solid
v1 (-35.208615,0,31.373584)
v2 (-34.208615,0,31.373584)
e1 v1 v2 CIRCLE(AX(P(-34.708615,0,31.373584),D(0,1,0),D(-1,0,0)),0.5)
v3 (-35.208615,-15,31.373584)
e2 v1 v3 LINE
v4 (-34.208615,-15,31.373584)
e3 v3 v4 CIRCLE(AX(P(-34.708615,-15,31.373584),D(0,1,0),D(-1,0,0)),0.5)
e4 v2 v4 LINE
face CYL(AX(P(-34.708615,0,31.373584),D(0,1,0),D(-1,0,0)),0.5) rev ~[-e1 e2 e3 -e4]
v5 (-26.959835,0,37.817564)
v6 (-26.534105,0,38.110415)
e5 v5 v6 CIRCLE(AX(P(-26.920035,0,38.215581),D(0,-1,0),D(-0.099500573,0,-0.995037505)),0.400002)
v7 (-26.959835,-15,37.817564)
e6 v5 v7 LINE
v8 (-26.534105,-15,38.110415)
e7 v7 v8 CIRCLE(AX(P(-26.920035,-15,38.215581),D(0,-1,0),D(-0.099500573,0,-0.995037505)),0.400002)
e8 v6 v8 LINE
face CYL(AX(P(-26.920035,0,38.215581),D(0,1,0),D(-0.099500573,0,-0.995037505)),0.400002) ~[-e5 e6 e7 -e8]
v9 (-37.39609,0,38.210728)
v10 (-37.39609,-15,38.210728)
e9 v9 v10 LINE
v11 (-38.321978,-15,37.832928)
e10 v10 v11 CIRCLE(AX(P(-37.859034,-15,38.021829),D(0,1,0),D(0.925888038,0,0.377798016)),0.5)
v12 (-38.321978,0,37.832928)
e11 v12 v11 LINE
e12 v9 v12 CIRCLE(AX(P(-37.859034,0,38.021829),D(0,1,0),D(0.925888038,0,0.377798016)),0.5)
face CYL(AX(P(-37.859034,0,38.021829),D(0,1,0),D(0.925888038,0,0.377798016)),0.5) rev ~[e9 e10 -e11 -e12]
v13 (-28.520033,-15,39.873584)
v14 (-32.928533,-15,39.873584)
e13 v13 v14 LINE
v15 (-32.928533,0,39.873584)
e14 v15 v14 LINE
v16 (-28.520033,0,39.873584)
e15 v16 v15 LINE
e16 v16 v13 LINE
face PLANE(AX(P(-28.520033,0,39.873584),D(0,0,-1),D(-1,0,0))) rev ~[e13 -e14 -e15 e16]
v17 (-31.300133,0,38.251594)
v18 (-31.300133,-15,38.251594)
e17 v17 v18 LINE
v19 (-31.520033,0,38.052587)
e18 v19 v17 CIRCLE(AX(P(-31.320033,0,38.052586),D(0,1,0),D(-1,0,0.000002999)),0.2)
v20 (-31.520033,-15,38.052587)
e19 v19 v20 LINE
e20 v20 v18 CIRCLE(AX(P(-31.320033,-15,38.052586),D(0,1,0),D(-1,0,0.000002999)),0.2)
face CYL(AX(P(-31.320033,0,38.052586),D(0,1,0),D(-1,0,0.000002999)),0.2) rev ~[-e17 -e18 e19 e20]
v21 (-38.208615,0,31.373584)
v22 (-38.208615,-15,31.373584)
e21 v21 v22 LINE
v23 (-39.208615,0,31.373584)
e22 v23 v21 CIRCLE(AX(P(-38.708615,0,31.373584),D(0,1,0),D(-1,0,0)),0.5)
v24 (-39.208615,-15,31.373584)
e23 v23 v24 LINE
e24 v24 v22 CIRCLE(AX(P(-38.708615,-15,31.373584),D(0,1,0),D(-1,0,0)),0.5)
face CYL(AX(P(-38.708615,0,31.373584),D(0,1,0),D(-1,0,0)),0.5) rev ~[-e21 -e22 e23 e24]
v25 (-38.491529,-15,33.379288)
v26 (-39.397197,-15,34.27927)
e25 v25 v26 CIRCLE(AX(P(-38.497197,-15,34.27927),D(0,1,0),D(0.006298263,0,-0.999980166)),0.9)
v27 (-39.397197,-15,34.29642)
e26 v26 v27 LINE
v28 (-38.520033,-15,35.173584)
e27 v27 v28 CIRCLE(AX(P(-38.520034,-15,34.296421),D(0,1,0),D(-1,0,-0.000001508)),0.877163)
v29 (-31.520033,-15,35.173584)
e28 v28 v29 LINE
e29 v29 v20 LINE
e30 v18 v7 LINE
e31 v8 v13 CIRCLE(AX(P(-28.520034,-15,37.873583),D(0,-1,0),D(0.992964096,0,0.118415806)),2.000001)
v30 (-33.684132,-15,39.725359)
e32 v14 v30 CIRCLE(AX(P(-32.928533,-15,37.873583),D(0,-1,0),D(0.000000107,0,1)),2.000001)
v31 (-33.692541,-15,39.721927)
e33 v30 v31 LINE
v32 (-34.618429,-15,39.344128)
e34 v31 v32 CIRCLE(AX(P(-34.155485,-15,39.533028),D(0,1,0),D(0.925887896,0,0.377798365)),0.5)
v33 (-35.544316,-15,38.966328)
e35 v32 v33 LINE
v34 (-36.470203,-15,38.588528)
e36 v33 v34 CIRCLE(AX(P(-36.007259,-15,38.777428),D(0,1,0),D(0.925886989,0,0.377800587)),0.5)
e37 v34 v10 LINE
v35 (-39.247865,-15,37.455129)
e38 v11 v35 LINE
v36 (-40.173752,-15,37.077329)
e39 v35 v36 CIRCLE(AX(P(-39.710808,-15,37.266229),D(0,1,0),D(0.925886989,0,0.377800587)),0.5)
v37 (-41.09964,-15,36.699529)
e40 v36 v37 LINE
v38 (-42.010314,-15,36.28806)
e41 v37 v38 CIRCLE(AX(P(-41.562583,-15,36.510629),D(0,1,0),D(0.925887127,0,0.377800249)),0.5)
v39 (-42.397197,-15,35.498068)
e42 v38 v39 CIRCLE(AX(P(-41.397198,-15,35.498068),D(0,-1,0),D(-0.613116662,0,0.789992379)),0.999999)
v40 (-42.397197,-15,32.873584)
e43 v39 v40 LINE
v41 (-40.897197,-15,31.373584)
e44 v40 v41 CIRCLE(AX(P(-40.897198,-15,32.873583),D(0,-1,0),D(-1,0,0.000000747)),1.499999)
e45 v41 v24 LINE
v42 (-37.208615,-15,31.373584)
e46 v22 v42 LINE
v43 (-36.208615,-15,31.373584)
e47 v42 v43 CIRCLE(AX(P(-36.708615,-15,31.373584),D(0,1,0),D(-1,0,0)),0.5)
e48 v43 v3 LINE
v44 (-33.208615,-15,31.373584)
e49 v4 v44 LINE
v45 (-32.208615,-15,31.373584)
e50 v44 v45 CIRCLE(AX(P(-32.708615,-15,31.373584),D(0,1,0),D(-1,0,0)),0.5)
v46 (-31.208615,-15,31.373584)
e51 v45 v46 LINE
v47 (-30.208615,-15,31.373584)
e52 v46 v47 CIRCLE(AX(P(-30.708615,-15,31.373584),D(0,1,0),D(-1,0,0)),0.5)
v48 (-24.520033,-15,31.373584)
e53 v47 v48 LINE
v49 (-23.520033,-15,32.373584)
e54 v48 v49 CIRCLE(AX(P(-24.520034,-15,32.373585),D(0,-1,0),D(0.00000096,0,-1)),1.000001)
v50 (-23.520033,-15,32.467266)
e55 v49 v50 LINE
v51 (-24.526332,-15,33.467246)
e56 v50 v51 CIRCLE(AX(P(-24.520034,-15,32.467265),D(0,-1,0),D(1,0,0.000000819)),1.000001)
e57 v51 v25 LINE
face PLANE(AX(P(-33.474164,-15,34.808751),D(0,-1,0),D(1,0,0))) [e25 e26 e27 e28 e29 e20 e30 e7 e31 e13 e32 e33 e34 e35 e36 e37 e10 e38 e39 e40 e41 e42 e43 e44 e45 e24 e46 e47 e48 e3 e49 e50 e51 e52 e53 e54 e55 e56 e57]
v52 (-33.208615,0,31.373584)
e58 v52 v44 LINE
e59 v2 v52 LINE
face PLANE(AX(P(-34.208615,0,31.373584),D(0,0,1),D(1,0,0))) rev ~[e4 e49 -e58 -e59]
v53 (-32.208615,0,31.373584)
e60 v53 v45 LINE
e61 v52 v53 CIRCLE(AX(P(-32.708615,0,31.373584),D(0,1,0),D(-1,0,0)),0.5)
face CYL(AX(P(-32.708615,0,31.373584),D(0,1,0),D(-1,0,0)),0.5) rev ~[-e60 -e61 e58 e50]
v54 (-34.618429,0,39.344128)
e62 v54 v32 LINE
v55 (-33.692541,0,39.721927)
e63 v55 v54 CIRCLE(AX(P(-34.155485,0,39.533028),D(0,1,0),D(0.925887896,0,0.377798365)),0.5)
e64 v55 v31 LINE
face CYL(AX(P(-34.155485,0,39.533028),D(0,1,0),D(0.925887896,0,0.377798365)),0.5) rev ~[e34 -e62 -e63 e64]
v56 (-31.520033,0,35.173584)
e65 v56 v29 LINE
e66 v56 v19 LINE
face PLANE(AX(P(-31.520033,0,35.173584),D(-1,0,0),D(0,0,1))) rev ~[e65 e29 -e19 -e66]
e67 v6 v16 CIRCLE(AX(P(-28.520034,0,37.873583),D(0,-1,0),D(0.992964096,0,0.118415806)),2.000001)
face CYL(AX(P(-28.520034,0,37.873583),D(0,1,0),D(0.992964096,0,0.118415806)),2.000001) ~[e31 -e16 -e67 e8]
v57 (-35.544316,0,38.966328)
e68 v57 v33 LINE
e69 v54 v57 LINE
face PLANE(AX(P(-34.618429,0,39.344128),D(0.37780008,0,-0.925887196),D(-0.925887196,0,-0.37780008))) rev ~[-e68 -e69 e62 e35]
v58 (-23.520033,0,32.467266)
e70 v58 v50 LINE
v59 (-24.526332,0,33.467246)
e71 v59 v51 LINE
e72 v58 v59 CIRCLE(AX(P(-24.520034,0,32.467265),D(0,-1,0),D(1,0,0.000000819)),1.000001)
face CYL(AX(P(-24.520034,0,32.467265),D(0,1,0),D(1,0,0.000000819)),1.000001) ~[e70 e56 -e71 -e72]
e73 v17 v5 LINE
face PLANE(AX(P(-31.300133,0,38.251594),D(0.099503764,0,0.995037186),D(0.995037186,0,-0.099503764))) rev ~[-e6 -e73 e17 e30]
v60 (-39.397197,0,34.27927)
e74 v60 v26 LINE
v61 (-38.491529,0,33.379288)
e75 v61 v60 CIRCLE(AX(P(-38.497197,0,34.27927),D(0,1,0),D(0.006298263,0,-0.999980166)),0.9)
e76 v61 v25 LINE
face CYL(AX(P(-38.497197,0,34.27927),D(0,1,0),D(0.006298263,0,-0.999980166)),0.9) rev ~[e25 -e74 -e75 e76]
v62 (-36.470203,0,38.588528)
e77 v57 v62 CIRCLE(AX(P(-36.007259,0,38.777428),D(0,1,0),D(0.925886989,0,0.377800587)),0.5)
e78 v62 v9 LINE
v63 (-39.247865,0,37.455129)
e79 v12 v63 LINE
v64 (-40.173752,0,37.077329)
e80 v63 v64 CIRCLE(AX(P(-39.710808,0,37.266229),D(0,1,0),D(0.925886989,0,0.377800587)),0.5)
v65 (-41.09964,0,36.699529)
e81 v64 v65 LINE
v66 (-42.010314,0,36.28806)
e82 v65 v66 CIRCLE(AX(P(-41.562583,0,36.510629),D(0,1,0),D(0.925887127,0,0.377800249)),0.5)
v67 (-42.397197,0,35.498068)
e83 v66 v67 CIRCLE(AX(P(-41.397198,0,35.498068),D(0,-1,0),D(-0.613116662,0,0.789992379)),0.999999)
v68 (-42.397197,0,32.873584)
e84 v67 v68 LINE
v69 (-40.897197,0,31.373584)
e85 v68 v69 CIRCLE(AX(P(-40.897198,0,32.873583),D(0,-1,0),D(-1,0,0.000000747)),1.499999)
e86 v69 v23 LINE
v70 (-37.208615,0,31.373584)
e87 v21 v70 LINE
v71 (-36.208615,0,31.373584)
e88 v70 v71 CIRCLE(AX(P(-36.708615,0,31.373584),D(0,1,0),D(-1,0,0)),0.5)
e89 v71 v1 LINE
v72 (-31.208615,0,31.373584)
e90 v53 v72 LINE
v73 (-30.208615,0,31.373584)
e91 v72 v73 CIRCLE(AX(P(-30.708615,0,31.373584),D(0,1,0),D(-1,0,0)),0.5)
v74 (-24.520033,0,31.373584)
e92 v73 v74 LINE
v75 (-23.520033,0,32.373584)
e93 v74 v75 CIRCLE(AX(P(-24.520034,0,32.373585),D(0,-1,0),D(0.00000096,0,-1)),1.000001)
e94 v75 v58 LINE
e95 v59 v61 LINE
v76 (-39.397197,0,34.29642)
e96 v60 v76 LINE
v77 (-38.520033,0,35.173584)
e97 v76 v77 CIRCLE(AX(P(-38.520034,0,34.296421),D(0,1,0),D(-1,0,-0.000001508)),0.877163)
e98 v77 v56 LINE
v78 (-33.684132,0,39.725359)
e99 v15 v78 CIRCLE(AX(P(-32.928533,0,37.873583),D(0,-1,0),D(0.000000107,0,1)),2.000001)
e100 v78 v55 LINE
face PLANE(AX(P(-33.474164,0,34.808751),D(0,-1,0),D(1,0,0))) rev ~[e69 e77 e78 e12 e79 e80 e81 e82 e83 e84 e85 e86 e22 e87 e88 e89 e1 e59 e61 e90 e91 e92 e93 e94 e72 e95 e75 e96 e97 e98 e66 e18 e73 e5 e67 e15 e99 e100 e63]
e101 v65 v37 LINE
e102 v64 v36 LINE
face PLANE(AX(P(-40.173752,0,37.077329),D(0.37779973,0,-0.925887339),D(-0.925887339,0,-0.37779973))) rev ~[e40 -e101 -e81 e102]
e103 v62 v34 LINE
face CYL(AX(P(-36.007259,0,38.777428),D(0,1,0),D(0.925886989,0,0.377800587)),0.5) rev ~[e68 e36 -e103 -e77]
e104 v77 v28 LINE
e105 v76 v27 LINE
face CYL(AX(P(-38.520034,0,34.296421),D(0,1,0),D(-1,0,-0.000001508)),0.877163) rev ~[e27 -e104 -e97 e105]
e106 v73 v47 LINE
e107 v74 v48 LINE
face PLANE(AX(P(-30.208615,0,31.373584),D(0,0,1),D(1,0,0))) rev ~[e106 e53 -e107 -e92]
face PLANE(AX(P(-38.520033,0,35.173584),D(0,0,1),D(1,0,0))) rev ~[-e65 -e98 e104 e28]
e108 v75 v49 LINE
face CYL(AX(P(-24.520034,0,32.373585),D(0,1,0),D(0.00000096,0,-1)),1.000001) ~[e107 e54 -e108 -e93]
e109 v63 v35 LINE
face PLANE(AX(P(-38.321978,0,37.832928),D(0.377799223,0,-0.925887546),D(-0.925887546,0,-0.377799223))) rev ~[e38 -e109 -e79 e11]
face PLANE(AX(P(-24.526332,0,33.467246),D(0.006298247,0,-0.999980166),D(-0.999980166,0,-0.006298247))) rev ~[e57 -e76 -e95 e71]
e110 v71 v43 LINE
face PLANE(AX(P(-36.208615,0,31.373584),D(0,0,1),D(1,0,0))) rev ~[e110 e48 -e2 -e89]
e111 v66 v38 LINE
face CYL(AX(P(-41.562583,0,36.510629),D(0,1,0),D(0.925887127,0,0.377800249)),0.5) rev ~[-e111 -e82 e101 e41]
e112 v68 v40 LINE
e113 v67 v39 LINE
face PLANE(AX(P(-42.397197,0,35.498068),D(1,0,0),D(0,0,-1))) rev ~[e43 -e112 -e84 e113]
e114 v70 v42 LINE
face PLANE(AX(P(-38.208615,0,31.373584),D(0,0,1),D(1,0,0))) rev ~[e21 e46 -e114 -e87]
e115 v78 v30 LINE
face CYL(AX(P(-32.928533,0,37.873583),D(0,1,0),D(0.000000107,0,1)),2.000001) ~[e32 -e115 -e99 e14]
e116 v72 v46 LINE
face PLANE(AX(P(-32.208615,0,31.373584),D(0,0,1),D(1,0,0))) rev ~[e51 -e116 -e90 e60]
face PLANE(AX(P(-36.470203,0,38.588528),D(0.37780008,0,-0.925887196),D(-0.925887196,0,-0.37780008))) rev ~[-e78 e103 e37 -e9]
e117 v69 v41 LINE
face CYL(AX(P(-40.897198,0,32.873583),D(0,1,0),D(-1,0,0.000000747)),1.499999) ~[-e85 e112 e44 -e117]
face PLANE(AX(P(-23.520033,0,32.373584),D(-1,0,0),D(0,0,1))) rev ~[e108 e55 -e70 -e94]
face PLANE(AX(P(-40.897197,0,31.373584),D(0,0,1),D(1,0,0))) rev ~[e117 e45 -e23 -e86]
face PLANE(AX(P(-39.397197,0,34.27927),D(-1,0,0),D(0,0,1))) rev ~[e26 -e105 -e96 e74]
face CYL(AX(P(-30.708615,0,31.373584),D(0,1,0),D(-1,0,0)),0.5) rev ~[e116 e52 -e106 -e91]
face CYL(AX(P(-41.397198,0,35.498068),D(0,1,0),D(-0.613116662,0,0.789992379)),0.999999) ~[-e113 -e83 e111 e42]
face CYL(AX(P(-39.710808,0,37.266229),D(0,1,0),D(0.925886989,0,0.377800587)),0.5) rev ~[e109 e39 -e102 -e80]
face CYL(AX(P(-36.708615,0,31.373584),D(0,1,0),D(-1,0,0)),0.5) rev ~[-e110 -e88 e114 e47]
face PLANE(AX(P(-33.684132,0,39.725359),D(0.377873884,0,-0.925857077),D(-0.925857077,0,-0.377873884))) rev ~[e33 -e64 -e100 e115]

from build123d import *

# Parameters (mm, degrees)
F1_DEPTH = 15


with BuildPart() as f1:
    # F0 (on Front) → F1 (new body)
    with BuildSketch(Plane.XZ):
        with BuildLine():
            ThreePointArc((-42.397197, 32.873584), (-41.957858, 31.812924), (-40.897197, 31.373584))
            Line((-40.897197, 31.373584), (-39.208615, 31.373584))
            ThreePointArc((-39.208615, 31.373584), (-38.708615, 31.873584), (-38.208615, 31.373584))
            Line((-38.208615, 31.373584), (-37.208615, 31.373584))
            ThreePointArc((-37.208615, 31.373584), (-36.708615, 31.873584), (-36.208615, 31.373584))
            Line((-36.208615, 31.373584), (-35.208615, 31.373584))
            ThreePointArc((-35.208615, 31.373584), (-34.708615, 31.873584), (-34.208615, 31.373584))
            Line((-34.208615, 31.373584), (-33.208615, 31.373584))
            ThreePointArc((-33.208615, 31.373584), (-32.708615, 31.873584), (-32.208615, 31.373584))
            Line((-32.208615, 31.373584), (-31.208615, 31.373584))
            ThreePointArc((-31.208615, 31.373584), (-30.708615, 31.873584), (-30.208615, 31.373584))
            Line((-30.208615, 31.373584), (-24.520033, 31.373584))
            ThreePointArc((-24.520033, 31.373584), (-23.812927, 31.666477), (-23.520033, 32.373584))
            Line((-23.520033, 32.373584), (-23.520033, 32.467266))
            ThreePointArc((-23.520033, 32.467266), (-23.815157, 33.176596), (-24.526332, 33.467246))
            Line((-24.526332, 33.467246), (-38.491529, 33.379288))
            ThreePointArc((-38.491529, 33.379288), (-39.131586, 33.640873), (-39.397197, 34.27927))
            Line((-39.397197, 34.27927), (-39.397197, 34.29642))
            ThreePointArc((-39.397197, 34.29642), (-39.140282, 34.916669), (-38.520033, 35.173584))
            Line((-38.520033, 35.173584), (-31.520033, 35.173584))
            Line((-31.520033, 35.173584), (-31.520033, 38.052587))
            ThreePointArc((-31.520033, 38.052587), (-31.454234, 38.200877), (-31.300133, 38.251594))
            Line((-31.300133, 38.251594), (-26.959835, 37.817564))
            ThreePointArc((-26.959835, 37.817564), (-26.693337, 37.886021), (-26.534105, 38.110415))
            ThreePointArc((-26.534105, 38.110415), (-27.19219, 39.369188), (-28.520033, 39.873584))
            Line((-28.520033, 39.873584), (-32.928533, 39.873584))
            ThreePointArc((-32.928533, 39.873584), (-33.313533, 39.836178), (-33.684132, 39.725359))
            Line((-33.684132, 39.725359), (-33.692541, 39.721927))
            ThreePointArc((-33.692541, 39.721927), (-33.966585, 39.070084), (-34.618429, 39.344128))
            Line((-34.618429, 39.344128), (-35.544316, 38.966328))
            ThreePointArc((-35.544316, 38.966328), (-35.81836, 38.314484), (-36.470203, 38.588528))
            Line((-36.470203, 38.588528), (-37.39609, 38.210728))
            ThreePointArc((-37.39609, 38.210728), (-37.670134, 37.558885), (-38.321978, 37.832928))
            Line((-38.321978, 37.832928), (-39.247865, 37.455129))
            ThreePointArc((-39.247865, 37.455129), (-39.521909, 36.803285), (-40.173752, 37.077329))
            Line((-40.173752, 37.077329), (-41.09964, 36.699529))
            ThreePointArc((-41.09964, 36.699529), (-41.356708, 36.054981), (-42.010314, 36.28806))
            ThreePointArc((-42.010314, 36.28806), (-42.295283, 35.937888), (-42.397197, 35.498068))
            Line((-42.397197, 35.498068), (-42.397197, 32.873584))
        make_face()
    extrude(amount=F1_DEPTH)


solid = f1.part
